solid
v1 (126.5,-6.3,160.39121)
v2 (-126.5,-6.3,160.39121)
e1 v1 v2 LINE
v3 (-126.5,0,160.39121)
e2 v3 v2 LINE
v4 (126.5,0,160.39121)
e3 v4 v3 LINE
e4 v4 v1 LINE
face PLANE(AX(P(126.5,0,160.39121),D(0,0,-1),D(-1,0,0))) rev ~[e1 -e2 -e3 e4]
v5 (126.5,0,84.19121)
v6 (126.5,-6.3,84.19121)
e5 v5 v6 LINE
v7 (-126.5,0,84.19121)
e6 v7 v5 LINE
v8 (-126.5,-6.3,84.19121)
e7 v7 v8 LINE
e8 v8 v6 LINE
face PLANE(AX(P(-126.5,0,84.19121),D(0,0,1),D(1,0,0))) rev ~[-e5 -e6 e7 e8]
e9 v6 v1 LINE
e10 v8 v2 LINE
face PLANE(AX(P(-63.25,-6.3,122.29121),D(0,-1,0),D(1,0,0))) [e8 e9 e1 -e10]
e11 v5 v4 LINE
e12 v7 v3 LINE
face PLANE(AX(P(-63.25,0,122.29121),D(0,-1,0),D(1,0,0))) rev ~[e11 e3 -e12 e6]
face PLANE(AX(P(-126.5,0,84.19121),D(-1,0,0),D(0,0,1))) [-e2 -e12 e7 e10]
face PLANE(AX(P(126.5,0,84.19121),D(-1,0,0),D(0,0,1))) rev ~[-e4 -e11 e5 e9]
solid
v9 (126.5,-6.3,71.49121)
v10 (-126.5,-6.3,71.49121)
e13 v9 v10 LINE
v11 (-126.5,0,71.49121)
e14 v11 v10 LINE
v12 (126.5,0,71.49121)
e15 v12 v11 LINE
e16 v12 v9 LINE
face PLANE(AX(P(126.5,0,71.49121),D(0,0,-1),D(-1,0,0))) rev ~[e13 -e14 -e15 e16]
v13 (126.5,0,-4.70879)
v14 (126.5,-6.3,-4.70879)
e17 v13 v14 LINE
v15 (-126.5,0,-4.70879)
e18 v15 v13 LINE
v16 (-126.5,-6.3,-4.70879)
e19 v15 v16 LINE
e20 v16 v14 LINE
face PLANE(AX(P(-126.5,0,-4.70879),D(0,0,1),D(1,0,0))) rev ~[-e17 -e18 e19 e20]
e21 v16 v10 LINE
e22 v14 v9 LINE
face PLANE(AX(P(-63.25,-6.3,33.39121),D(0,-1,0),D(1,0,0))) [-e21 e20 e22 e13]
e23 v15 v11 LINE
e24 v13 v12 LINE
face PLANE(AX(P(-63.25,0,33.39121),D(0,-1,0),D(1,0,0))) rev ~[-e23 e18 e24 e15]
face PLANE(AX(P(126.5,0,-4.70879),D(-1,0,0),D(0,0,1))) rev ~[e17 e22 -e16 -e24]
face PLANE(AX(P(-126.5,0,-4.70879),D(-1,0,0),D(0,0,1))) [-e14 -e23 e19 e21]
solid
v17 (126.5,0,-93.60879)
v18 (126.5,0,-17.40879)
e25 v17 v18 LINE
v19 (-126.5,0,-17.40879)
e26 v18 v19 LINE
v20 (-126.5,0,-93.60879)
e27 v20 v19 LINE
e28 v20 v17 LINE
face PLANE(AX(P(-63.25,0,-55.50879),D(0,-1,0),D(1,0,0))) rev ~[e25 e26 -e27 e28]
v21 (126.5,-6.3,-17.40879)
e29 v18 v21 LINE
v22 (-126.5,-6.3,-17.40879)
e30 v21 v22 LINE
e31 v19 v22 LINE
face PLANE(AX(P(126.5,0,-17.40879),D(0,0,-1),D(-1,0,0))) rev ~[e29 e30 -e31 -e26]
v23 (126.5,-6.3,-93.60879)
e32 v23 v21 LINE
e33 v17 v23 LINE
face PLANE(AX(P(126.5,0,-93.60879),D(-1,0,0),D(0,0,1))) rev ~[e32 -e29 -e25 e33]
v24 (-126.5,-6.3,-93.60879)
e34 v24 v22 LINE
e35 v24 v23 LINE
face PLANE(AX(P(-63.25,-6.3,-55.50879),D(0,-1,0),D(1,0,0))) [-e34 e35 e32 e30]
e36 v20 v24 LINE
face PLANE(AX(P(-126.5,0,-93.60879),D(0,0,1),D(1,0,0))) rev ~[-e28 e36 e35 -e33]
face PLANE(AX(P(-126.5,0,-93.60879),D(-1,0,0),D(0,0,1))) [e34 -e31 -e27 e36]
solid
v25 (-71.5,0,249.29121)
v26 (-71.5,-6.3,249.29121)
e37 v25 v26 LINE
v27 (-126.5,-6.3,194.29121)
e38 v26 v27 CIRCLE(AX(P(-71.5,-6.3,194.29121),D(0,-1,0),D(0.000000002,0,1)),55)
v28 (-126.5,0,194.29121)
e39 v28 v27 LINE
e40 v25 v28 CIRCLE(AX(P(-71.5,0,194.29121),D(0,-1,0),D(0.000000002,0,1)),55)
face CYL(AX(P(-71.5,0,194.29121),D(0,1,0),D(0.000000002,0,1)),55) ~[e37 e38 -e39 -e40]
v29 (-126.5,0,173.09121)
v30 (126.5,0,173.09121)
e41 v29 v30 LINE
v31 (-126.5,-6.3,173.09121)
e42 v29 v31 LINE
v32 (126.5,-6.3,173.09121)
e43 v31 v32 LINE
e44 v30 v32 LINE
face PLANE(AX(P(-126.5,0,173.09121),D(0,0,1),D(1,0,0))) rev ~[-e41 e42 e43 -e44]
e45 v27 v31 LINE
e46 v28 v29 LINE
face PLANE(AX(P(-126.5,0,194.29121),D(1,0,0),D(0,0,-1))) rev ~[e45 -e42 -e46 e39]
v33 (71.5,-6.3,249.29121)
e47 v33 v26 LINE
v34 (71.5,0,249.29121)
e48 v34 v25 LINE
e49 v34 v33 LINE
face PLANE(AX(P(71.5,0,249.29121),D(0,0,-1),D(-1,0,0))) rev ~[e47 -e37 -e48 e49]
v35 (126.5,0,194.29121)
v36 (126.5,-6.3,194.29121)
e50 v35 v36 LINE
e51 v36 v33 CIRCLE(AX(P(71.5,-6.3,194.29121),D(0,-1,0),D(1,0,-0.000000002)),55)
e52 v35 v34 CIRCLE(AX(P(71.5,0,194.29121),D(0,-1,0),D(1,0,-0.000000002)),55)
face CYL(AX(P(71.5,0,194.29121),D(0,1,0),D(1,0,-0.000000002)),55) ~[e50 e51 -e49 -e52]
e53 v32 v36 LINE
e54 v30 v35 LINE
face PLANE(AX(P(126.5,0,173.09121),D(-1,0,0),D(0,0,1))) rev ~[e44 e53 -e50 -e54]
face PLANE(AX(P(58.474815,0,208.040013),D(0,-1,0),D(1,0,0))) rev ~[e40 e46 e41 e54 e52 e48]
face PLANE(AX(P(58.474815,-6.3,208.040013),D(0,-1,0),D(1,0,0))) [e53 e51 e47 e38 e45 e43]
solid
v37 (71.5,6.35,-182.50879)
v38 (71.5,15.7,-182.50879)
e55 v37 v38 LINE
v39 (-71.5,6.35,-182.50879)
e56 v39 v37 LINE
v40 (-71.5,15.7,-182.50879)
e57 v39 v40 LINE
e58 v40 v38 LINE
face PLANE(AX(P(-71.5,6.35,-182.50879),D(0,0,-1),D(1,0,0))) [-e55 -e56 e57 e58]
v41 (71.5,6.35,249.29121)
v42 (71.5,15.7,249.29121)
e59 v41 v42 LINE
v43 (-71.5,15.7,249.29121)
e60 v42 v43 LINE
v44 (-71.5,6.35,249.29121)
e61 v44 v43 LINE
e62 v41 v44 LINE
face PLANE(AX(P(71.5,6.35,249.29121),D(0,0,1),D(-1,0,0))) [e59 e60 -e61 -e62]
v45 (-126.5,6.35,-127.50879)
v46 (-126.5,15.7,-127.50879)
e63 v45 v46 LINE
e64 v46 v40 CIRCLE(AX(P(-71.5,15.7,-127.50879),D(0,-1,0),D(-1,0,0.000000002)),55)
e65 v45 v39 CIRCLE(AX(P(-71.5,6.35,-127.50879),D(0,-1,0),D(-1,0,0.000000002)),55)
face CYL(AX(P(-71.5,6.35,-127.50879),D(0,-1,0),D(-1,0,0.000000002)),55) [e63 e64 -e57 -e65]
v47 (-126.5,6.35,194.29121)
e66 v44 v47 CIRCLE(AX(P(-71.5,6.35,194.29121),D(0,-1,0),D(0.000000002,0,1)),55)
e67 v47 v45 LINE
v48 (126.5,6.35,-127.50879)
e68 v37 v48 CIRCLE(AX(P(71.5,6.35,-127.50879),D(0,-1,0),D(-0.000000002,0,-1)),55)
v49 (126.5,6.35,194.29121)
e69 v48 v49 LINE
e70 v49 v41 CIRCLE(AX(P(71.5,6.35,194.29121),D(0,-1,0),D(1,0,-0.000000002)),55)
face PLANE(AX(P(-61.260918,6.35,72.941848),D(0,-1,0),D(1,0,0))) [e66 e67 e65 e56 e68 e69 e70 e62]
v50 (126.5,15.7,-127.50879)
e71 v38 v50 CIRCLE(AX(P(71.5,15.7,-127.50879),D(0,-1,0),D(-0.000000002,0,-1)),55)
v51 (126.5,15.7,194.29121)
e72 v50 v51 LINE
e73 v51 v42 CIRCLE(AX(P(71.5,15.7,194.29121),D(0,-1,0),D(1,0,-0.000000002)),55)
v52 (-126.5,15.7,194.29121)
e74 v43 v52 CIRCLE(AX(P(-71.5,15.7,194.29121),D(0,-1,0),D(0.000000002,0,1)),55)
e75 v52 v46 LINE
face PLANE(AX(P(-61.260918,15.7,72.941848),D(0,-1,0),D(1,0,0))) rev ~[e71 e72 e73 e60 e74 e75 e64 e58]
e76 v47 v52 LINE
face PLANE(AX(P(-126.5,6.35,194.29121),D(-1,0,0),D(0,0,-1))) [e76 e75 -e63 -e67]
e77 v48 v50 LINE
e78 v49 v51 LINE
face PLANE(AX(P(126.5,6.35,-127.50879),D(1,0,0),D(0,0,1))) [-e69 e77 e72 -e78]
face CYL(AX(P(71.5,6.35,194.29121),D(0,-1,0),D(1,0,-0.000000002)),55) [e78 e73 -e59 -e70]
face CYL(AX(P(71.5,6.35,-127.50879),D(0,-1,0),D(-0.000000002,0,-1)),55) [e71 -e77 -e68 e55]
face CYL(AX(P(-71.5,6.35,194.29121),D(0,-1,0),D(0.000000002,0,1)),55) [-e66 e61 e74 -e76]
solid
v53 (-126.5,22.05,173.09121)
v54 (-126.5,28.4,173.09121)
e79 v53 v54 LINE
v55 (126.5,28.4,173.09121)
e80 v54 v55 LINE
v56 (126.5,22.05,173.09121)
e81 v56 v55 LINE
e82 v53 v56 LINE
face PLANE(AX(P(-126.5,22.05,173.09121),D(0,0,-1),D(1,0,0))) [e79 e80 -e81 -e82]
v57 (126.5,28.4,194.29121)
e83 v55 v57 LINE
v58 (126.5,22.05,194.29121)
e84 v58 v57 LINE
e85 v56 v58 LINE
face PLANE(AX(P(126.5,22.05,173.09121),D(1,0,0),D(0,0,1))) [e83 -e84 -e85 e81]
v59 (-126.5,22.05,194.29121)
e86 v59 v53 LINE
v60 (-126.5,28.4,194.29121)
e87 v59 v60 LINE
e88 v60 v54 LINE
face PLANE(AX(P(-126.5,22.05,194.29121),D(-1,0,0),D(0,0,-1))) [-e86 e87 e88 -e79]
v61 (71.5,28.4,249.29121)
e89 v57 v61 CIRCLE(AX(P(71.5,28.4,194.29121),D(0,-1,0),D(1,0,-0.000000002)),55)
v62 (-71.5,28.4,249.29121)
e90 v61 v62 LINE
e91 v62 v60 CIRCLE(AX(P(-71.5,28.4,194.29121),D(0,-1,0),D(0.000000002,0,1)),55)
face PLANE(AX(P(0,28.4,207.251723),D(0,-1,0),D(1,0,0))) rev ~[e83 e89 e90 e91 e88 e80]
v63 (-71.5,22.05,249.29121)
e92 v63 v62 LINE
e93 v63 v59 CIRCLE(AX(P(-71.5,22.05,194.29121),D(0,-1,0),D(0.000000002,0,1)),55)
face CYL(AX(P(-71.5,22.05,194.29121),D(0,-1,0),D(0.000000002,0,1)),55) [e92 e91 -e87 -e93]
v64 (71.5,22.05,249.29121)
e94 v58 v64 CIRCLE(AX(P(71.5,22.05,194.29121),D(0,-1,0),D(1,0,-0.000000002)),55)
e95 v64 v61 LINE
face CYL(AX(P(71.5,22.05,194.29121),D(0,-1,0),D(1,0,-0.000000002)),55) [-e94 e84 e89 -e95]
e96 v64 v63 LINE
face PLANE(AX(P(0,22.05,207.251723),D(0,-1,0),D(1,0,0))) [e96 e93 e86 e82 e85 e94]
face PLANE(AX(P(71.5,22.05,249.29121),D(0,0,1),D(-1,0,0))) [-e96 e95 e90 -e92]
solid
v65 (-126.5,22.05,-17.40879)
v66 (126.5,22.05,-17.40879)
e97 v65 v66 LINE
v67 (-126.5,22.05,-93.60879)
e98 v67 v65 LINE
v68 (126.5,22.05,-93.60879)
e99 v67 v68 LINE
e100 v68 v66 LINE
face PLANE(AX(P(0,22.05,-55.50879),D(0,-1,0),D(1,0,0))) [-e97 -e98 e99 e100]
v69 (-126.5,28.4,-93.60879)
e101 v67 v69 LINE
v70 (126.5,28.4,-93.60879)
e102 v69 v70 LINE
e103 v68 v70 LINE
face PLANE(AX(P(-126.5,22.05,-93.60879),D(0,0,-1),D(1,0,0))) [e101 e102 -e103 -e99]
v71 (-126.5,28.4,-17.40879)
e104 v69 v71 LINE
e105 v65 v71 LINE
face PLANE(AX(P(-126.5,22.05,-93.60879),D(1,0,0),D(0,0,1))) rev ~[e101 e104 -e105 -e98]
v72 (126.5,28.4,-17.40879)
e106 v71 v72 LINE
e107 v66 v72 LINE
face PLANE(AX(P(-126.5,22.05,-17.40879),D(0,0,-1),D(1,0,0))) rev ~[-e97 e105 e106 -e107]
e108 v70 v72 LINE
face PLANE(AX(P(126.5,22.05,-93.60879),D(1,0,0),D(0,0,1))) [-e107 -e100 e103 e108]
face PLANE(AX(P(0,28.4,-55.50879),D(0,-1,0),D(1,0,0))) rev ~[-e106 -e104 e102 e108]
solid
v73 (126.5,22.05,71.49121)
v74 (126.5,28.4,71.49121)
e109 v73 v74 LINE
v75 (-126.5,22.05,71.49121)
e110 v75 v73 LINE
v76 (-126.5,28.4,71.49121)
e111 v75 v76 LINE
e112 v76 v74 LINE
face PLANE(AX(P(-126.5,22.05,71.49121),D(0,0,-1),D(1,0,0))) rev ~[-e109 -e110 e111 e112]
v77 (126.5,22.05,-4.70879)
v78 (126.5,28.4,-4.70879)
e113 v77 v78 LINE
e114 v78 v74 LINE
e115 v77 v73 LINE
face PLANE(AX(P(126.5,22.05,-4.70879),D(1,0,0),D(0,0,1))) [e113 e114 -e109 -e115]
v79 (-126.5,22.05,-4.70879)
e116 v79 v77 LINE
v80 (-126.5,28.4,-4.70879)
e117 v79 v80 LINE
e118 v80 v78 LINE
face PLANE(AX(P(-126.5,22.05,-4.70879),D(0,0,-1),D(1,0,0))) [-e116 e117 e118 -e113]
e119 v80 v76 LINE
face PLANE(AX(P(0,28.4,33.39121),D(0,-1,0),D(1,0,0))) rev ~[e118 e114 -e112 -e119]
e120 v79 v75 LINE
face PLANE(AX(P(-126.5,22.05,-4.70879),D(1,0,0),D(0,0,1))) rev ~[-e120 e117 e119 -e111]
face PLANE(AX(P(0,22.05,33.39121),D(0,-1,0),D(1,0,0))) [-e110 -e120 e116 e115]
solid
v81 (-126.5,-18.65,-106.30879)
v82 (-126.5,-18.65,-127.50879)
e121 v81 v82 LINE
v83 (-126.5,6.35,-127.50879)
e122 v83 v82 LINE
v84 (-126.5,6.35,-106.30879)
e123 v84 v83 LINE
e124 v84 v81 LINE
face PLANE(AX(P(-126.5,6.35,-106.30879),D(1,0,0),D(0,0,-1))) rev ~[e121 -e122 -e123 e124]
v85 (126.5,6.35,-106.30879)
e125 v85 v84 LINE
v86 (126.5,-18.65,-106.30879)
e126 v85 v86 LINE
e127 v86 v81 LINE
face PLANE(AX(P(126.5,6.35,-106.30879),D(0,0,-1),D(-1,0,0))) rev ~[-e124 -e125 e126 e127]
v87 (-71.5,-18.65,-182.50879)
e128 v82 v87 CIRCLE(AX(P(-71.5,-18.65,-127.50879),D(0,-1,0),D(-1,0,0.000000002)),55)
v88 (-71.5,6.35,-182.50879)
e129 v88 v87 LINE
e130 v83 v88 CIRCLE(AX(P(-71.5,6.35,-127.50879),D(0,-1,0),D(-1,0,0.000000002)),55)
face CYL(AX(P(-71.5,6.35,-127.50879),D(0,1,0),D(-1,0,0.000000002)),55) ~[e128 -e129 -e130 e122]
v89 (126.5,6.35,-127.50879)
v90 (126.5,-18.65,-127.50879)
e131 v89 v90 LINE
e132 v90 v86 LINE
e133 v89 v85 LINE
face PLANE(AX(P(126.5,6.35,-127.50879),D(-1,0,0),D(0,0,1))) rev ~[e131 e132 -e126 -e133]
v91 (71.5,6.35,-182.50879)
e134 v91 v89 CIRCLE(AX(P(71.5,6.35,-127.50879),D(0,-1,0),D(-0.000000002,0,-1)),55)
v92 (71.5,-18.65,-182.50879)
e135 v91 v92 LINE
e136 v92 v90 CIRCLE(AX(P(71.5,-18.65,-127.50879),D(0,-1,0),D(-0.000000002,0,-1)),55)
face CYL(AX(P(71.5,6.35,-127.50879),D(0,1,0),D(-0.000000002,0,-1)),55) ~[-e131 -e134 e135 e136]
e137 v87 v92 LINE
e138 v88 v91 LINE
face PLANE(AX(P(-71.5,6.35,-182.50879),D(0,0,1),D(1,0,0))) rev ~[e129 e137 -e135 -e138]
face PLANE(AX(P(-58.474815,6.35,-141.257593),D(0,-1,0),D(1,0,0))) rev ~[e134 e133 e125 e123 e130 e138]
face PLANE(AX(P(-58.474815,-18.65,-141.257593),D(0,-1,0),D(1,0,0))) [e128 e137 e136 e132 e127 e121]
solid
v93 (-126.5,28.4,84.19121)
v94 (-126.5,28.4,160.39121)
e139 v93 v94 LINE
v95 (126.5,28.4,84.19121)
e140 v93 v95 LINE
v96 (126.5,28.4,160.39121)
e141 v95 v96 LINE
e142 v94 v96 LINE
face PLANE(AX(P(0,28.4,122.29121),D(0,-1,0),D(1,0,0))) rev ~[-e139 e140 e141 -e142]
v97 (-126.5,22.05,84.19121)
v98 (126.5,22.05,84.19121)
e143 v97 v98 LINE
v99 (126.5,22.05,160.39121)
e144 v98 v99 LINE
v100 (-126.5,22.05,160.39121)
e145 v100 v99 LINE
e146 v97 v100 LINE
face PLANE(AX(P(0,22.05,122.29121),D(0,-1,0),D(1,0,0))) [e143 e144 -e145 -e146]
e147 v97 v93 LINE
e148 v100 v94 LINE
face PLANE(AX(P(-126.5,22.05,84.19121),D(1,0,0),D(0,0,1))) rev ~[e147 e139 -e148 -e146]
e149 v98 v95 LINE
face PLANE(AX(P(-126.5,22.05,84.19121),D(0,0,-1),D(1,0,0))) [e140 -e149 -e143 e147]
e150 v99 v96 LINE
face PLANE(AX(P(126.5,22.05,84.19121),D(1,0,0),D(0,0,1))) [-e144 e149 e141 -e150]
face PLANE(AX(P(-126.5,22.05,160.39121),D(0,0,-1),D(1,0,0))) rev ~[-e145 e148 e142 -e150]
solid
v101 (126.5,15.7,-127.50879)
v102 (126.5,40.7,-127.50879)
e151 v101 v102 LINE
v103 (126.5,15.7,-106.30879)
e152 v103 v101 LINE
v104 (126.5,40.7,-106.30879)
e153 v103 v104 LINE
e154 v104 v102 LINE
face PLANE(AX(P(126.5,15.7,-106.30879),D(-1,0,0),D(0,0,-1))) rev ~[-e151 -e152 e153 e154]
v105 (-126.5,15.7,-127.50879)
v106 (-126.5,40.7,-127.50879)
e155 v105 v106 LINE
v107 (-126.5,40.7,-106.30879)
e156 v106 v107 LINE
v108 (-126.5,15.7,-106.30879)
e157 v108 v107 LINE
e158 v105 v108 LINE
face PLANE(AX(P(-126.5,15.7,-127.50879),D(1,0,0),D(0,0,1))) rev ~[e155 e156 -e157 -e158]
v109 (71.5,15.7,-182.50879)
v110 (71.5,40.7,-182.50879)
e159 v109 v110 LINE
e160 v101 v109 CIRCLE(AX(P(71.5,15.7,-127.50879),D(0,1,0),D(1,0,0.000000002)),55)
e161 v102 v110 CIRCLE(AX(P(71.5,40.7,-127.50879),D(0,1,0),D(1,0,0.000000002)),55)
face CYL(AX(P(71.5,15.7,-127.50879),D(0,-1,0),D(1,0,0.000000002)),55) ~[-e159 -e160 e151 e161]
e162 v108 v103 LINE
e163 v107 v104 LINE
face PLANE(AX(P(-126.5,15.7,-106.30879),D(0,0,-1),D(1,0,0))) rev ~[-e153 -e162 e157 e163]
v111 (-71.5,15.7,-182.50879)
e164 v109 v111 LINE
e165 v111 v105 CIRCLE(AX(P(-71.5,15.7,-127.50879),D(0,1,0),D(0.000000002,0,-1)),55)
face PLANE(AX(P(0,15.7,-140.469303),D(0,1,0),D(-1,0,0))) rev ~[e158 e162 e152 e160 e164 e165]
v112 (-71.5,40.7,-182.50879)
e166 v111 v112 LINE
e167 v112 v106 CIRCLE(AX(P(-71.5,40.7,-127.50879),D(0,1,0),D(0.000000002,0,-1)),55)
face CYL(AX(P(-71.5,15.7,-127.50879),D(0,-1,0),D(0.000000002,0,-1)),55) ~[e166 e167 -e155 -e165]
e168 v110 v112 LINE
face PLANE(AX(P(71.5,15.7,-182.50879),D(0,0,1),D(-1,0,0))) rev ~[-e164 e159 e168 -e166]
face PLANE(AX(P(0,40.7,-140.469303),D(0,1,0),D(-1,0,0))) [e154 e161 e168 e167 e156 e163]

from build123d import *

# Parameters (mm, degrees)
F3_W      = 126.5
F3_H      = 76.2
F4_DEPTH  = 6.3
F5_W      = 126.5
F5_H      = 12.7
F6_DEPTH  = 9.35
F7_W      = 253
F7_H      = 76.2
F8_DEPTH  = 6.35
F10_DEPTH = 25
F12_DEPTH = 25


with BuildPart() as f4:
    # F3 (on Front) → F4 (new body)
    with BuildSketch(Plane.XZ):
        with BuildLine():
            Line((71.5, 249.29121), (0, 249.29121))
            Line((0, 249.29121), (0, 173.09121))
            Line((0, 173.09121), (126.5, 173.09121))
            Line((126.5, 173.09121), (126.5, 194.29121))
            ThreePointArc((126.5, 194.29121), (110.390873, 233.182083), (71.5, 249.29121))
        make_face()
        with BuildLine():
            Line((0, 173.09121), (0, 249.29121))
            Line((0, 249.29121), (-71.5, 249.29121))
            ThreePointArc((-71.5, 249.29121), (-110.390873, 233.182083), (-126.5, 194.29121))
            Line((-126.5, 194.29121), (-126.5, 173.09121))
            Line((-126.5, 173.09121), (0, 173.09121))
        make_face()
        with Locations((-63.25, -55.50879)):
            Rectangle(F3_W, F3_H)
        with Locations((63.25, -55.50879)):
            Rectangle(F3_W, F3_H)
        with Locations((-63.25, 33.39121)):
            Rectangle(F3_W, F3_H)
        with Locations((63.25, 33.39121)):
            Rectangle(F3_W, F3_H)
        with Locations((-63.25, 122.29121)):
            Rectangle(F3_W, F3_H)
        with Locations((63.25, 122.29121)):
            Rectangle(F3_W, F3_H)
    extrude(amount=F4_DEPTH)


with BuildPart() as f6:
    # F5 (on offset) → F6 (new body)
    with BuildSketch(Plane.XZ.offset(-6.35)):
        with BuildLine():
            Line((0, 249.29121), (-71.5, 249.29121))
            ThreePointArc((-71.5, 249.29121), (-110.390873, 233.182083), (-126.5, 194.29121))
            Line((-126.5, 194.29121), (-126.5, -93.60879))
            Line((-126.5, -93.60879), (0, -93.60879))
            Line((0, -93.60879), (0, 249.29121))
        make_face()
        with BuildLine():
            Line((71.5, 249.29121), (0, 249.29121))
            Line((0, 249.29121), (0, -93.60879))
            Line((0, -93.60879), (126.5, -93.60879))
            Line((126.5, -93.60879), (126.5, 194.29121))
            ThreePointArc((126.5, 194.29121), (110.390873, 233.182083), (71.5, 249.29121))
        make_face()
        with Locations((-63.25, -99.95879)):
            Rectangle(F5_W, F5_H)
        with Locations((63.25, -99.95879)):
            Rectangle(F5_W, F5_H)
        with BuildLine():
            Line((0, -106.30879), (-126.5, -106.30879))
            Line((-126.5, -106.30879), (-126.5, -127.50879))
            ThreePointArc((-126.5, -127.50879), (-110.390873, -166.399663), (-71.5, -182.50879))
            Line((-71.5, -182.50879), (0, -182.50879))
            Line((0, -182.50879), (0, -106.30879))
        make_face()
        with BuildLine():
            Line((126.5, -106.30879), (0, -106.30879))
            Line((0, -106.30879), (0, -182.50879))
            Line((0, -182.50879), (71.5, -182.50879))
            ThreePointArc((71.5, -182.50879), (110.390873, -166.399663), (126.5, -127.50879))
            Line((126.5, -127.50879), (126.5, -106.30879))
        make_face()
    extrude(amount=-F6_DEPTH)


with BuildPart() as f8:
    # F7 (on offset) → F8 (new body)
    with BuildSketch(Plane.XZ.offset(-22.05)):
        with BuildLine():
            ThreePointArc((126.5, 194.29121), (110.390873, 233.182083), (71.5, 249.29121))
            Line((71.5, 249.29121), (-71.5, 249.29121))
            ThreePointArc((-71.5, 249.29121), (-110.390873, 233.182083), (-126.5, 194.29121))
            Line((-126.5, 194.29121), (-126.5, 173.09121))
            Line((-126.5, 173.09121), (126.5, 173.09121))
            Line((126.5, 173.09121), (126.5, 194.29121))
        make_face()
        with Locations((0, 122.29121)):
            Rectangle(F7_W, F7_H)
        with Locations((0, 33.39121)):
            Rectangle(F7_W, F7_H)
        with Locations((0, -55.50879)):
            Rectangle(F7_W, F7_H)
    extrude(amount=-F8_DEPTH)


with BuildPart() as f10:
    # F9 (on face) → F10 (new body)
    with BuildSketch(Plane.XZ.offset(-6.35)):
        with BuildLine():
            Line((-126.5, -106.30879), (-126.5, -127.50879))
            ThreePointArc((-126.5, -127.50879), (-110.390873, -166.399663), (-71.5, -182.50879))
            Line((-71.5, -182.50879), (0, -182.50879))
            Line((0, -182.50879), (0, -106.30879))
            Line((0, -106.30879), (-126.5, -106.30879))
        make_face()
        with BuildLine():
            Line((0, -106.30879), (0, -182.50879))
            Line((0, -182.50879), (71.5, -182.50879))
            ThreePointArc((71.5, -182.50879), (110.390873, -166.399663), (126.5, -127.50879))
            Line((126.5, -127.50879), (126.5, -106.30879))
            Line((126.5, -106.30879), (0, -106.30879))
        make_face()
    extrude(amount=F10_DEPTH)


with BuildPart() as f12:
    # F11 (on face) → F12 (new body)
    with BuildSketch(Plane(origin=(0, 15.7, 0), x_dir=(-1, 0, 0), z_dir=(0, 1, 0))):
        with BuildLine():
            Line((-126.5, -106.30879), (-126.5, -127.50879))
            ThreePointArc((-126.5, -127.50879), (-110.390873, -166.399663), (-71.5, -182.50879))
            Line((-71.5, -182.50879), (71.5, -182.50879))
            ThreePointArc((71.5, -182.50879), (110.390873, -166.399663), (126.5, -127.50879))
            Line((126.5, -127.50879), (126.5, -106.30879))
            Line((126.5, -106.30879), (-126.5, -106.30879))
        make_face()
    extrude(amount=F12_DEPTH)


solid = Compound([f4.part, f6.part, f8.part, f10.part, f12.part])
